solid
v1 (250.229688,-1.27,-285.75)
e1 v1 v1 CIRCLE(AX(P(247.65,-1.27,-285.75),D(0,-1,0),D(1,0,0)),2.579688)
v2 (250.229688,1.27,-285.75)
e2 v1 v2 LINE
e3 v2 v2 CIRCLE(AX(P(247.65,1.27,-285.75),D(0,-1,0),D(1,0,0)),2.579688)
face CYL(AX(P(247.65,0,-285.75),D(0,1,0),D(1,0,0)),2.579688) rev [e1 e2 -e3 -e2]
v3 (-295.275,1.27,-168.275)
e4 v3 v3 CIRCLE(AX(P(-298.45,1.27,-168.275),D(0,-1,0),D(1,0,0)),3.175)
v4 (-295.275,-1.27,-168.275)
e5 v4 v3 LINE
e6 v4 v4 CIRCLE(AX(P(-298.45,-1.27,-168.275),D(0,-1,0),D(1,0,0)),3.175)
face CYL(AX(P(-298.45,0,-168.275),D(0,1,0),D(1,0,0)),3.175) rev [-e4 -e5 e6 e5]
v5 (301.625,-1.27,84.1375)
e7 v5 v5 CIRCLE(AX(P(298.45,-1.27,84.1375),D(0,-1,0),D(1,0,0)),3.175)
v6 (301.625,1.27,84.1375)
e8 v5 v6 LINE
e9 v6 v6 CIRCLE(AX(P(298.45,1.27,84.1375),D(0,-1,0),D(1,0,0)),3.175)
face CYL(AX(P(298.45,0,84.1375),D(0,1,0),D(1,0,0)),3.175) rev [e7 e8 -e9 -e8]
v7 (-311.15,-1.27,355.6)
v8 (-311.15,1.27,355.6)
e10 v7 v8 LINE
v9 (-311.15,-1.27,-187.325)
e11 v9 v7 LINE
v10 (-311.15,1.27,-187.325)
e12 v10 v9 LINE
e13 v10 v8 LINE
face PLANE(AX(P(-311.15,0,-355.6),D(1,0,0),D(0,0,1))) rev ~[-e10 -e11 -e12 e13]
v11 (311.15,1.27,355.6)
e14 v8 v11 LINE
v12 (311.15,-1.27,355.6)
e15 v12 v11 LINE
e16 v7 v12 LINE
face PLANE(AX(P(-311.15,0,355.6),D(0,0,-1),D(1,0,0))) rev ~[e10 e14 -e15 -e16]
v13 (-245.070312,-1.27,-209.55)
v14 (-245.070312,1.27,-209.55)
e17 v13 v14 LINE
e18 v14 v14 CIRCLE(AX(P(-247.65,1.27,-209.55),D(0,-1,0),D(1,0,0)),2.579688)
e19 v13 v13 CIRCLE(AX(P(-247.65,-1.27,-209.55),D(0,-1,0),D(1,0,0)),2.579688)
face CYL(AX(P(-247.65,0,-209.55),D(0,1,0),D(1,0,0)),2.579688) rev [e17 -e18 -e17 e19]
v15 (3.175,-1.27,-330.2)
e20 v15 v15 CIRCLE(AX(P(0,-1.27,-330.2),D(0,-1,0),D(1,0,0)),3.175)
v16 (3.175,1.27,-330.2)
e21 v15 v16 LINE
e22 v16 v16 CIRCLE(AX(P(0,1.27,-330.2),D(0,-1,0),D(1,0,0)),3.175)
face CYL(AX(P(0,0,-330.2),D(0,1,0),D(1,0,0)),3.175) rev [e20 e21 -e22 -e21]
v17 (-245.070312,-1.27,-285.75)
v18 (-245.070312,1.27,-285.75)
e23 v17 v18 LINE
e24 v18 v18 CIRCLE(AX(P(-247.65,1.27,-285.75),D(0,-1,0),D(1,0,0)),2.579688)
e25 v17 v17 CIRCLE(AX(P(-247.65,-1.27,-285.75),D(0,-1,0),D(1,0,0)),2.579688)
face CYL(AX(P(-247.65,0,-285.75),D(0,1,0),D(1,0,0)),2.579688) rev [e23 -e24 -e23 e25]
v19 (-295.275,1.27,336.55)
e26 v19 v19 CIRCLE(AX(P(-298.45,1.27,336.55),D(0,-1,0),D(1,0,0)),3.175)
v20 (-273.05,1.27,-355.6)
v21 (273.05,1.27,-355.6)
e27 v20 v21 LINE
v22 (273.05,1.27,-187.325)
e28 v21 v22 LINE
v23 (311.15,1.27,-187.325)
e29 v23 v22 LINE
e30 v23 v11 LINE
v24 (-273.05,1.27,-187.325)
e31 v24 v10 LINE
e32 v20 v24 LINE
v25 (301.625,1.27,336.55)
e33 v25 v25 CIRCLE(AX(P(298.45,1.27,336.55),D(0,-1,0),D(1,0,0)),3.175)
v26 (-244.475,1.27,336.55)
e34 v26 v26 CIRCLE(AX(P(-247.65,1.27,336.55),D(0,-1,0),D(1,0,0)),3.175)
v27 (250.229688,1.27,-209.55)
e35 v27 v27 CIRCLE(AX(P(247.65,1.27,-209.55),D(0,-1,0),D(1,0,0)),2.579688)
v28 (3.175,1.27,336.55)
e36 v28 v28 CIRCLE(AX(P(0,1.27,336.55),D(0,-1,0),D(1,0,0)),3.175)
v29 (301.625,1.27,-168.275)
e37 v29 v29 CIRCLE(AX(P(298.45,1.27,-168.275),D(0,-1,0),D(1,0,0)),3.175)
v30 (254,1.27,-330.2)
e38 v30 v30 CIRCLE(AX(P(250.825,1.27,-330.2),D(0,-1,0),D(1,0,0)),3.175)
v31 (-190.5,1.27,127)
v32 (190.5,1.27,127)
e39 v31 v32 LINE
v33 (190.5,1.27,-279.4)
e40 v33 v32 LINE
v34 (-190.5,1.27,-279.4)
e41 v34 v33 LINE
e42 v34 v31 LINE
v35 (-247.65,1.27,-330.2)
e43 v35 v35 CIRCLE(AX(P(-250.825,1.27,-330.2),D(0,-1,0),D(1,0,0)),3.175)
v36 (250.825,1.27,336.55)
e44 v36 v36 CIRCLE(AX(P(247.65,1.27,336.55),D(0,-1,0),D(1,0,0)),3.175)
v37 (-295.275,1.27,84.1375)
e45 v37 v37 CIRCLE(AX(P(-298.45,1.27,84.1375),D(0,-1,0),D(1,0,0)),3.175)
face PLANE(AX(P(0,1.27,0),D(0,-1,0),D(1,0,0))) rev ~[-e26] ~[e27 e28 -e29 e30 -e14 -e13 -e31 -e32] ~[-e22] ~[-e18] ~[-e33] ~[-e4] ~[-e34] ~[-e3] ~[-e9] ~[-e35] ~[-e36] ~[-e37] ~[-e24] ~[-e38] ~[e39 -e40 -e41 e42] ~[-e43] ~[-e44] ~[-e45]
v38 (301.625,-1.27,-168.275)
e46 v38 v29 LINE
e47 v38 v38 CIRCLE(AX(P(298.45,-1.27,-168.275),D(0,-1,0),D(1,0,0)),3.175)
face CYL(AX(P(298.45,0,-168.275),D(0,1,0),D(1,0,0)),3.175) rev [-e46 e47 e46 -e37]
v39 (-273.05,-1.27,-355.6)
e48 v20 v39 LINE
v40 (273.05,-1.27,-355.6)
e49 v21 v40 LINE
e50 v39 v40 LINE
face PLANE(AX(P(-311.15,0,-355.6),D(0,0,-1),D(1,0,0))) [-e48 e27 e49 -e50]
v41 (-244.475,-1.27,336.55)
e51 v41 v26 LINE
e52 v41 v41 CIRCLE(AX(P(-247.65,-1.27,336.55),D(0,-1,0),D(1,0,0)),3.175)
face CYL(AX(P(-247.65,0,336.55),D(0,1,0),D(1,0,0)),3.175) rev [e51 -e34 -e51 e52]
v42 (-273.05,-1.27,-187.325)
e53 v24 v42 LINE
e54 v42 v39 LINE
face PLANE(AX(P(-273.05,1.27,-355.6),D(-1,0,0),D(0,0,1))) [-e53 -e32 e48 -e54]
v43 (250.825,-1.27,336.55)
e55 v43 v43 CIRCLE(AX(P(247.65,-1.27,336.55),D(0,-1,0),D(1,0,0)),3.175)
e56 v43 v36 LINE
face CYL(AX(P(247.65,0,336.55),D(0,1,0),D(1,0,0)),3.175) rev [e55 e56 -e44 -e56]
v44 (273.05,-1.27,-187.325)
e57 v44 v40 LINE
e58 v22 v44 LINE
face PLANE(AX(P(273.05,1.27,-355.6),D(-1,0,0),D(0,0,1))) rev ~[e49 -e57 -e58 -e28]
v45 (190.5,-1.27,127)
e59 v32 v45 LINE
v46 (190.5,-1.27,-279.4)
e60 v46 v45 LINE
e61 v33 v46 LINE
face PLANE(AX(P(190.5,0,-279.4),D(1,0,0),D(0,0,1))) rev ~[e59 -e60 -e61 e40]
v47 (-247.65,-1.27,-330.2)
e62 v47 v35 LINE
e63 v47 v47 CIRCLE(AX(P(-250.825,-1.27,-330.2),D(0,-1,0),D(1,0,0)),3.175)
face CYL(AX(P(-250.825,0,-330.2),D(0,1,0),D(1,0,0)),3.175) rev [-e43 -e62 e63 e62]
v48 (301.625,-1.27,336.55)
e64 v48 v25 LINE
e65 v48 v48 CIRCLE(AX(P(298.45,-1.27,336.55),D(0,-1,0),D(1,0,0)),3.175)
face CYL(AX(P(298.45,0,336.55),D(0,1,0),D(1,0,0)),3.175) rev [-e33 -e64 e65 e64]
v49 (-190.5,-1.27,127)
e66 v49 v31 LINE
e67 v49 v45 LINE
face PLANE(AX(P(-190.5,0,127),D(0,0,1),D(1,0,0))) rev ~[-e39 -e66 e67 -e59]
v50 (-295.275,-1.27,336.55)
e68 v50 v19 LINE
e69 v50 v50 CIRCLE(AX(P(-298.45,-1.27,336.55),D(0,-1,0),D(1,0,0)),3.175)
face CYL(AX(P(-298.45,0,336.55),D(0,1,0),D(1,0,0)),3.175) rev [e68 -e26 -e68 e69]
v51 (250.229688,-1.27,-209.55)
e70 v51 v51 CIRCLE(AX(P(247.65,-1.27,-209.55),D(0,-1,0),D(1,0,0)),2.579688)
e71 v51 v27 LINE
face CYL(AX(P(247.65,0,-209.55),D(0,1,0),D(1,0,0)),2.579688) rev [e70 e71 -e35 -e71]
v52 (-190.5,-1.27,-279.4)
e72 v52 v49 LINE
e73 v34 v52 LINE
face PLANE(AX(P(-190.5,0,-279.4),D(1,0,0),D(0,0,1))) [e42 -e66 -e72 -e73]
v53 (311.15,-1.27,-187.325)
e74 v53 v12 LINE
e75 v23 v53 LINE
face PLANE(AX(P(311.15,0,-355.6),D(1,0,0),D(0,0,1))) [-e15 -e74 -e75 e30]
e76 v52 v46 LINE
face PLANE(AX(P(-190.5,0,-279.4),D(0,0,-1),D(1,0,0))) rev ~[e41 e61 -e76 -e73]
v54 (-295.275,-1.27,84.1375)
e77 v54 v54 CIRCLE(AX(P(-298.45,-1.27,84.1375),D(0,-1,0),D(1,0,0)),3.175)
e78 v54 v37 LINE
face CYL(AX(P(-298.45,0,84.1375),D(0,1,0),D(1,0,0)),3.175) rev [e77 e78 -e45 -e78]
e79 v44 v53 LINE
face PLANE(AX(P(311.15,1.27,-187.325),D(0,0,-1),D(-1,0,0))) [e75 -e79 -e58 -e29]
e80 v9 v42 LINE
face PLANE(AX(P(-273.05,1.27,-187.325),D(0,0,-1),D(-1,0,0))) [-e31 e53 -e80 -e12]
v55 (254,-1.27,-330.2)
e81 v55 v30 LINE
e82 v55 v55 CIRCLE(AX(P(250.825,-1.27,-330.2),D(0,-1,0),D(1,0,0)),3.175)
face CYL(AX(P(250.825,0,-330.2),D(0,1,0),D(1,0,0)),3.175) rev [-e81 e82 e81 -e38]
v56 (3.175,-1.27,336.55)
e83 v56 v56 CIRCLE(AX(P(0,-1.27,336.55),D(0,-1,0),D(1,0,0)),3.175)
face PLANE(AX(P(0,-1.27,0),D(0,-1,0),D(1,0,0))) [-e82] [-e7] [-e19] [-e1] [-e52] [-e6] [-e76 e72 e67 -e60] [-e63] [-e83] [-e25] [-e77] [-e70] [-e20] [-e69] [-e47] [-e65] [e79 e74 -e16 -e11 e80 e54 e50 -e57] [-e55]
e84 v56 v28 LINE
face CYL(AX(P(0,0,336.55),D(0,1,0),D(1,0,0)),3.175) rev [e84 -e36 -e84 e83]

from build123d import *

# Parameters (mm, degrees)
F0_W     = 622.3
F0_H     = 711.2
F0_R     = 3.175
F0_R_2   = 2.579688
F0_W_2   = 381
F0_H_2   = 406.4
F1_DEPTH = 1.27
F2_W     = 38.1
F2_H     = 168.275
F3_DEPTH = 2.541


with BuildPart() as f1:
    # F0 (on Front) → F1 (new body, symmetric)
    with BuildSketch(Plane.XZ):
        Rectangle(F0_W, F0_H)
        with Locations((-250.825, -330.2)):
            Circle(F0_R, mode=Mode.SUBTRACT)
        with Locations((-247.65, -285.75)):
            Circle(F0_R_2, mode=Mode.SUBTRACT)
        with Locations((-247.65, -209.55)):
            Circle(F0_R_2, mode=Mode.SUBTRACT)
        with Locations((-298.45, -168.275)):
            Circle(F0_R, mode=Mode.SUBTRACT)
        with Locations((0, -330.2)):
            Circle(F0_R, mode=Mode.SUBTRACT)
        with Locations((250.825, -330.2)):
            Circle(F0_R, mode=Mode.SUBTRACT)
        with Locations((247.65, -285.75)):
            Circle(F0_R_2, mode=Mode.SUBTRACT)
        with Locations((247.65, -209.55)):
            Circle(F0_R_2, mode=Mode.SUBTRACT)
        with Locations((0, -76.2)):
            Rectangle(F0_W_2, F0_H_2, mode=Mode.SUBTRACT)
        with Locations((298.45, -168.275)):
            Circle(F0_R, mode=Mode.SUBTRACT)
        with Locations((-298.45, 84.1375)):
            Circle(F0_R, mode=Mode.SUBTRACT)
        with Locations((-298.45, 336.55)):
            Circle(F0_R, mode=Mode.SUBTRACT)
        with Locations((-247.65, 336.55)):
            Circle(F0_R, mode=Mode.SUBTRACT)
        with Locations((298.45, 84.1375)):
            Circle(F0_R, mode=Mode.SUBTRACT)
        with Locations((0, 336.55)):
            Circle(F0_R, mode=Mode.SUBTRACT)
        with Locations((247.65, 336.55)):
            Circle(F0_R, mode=Mode.SUBTRACT)
        with Locations((298.45, 336.55)):
            Circle(F0_R, mode=Mode.SUBTRACT)
    extrude(amount=F1_DEPTH, both=True)

    # F2 (on face) → F3 (cut, through all)
    with BuildSketch(Plane(origin=(0, 1.27, 0), x_dir=(-1, 0, 0), z_dir=(0, 1, 0))):
        with Locations((-292.1, -271.4625)):
            Rectangle(F2_W, F2_H)
        with Locations((292.1, -271.4625)):
            Rectangle(F2_W, F2_H)
    extrude(amount=-F3_DEPTH, mode=Mode.SUBTRACT)


solid = f1.part
